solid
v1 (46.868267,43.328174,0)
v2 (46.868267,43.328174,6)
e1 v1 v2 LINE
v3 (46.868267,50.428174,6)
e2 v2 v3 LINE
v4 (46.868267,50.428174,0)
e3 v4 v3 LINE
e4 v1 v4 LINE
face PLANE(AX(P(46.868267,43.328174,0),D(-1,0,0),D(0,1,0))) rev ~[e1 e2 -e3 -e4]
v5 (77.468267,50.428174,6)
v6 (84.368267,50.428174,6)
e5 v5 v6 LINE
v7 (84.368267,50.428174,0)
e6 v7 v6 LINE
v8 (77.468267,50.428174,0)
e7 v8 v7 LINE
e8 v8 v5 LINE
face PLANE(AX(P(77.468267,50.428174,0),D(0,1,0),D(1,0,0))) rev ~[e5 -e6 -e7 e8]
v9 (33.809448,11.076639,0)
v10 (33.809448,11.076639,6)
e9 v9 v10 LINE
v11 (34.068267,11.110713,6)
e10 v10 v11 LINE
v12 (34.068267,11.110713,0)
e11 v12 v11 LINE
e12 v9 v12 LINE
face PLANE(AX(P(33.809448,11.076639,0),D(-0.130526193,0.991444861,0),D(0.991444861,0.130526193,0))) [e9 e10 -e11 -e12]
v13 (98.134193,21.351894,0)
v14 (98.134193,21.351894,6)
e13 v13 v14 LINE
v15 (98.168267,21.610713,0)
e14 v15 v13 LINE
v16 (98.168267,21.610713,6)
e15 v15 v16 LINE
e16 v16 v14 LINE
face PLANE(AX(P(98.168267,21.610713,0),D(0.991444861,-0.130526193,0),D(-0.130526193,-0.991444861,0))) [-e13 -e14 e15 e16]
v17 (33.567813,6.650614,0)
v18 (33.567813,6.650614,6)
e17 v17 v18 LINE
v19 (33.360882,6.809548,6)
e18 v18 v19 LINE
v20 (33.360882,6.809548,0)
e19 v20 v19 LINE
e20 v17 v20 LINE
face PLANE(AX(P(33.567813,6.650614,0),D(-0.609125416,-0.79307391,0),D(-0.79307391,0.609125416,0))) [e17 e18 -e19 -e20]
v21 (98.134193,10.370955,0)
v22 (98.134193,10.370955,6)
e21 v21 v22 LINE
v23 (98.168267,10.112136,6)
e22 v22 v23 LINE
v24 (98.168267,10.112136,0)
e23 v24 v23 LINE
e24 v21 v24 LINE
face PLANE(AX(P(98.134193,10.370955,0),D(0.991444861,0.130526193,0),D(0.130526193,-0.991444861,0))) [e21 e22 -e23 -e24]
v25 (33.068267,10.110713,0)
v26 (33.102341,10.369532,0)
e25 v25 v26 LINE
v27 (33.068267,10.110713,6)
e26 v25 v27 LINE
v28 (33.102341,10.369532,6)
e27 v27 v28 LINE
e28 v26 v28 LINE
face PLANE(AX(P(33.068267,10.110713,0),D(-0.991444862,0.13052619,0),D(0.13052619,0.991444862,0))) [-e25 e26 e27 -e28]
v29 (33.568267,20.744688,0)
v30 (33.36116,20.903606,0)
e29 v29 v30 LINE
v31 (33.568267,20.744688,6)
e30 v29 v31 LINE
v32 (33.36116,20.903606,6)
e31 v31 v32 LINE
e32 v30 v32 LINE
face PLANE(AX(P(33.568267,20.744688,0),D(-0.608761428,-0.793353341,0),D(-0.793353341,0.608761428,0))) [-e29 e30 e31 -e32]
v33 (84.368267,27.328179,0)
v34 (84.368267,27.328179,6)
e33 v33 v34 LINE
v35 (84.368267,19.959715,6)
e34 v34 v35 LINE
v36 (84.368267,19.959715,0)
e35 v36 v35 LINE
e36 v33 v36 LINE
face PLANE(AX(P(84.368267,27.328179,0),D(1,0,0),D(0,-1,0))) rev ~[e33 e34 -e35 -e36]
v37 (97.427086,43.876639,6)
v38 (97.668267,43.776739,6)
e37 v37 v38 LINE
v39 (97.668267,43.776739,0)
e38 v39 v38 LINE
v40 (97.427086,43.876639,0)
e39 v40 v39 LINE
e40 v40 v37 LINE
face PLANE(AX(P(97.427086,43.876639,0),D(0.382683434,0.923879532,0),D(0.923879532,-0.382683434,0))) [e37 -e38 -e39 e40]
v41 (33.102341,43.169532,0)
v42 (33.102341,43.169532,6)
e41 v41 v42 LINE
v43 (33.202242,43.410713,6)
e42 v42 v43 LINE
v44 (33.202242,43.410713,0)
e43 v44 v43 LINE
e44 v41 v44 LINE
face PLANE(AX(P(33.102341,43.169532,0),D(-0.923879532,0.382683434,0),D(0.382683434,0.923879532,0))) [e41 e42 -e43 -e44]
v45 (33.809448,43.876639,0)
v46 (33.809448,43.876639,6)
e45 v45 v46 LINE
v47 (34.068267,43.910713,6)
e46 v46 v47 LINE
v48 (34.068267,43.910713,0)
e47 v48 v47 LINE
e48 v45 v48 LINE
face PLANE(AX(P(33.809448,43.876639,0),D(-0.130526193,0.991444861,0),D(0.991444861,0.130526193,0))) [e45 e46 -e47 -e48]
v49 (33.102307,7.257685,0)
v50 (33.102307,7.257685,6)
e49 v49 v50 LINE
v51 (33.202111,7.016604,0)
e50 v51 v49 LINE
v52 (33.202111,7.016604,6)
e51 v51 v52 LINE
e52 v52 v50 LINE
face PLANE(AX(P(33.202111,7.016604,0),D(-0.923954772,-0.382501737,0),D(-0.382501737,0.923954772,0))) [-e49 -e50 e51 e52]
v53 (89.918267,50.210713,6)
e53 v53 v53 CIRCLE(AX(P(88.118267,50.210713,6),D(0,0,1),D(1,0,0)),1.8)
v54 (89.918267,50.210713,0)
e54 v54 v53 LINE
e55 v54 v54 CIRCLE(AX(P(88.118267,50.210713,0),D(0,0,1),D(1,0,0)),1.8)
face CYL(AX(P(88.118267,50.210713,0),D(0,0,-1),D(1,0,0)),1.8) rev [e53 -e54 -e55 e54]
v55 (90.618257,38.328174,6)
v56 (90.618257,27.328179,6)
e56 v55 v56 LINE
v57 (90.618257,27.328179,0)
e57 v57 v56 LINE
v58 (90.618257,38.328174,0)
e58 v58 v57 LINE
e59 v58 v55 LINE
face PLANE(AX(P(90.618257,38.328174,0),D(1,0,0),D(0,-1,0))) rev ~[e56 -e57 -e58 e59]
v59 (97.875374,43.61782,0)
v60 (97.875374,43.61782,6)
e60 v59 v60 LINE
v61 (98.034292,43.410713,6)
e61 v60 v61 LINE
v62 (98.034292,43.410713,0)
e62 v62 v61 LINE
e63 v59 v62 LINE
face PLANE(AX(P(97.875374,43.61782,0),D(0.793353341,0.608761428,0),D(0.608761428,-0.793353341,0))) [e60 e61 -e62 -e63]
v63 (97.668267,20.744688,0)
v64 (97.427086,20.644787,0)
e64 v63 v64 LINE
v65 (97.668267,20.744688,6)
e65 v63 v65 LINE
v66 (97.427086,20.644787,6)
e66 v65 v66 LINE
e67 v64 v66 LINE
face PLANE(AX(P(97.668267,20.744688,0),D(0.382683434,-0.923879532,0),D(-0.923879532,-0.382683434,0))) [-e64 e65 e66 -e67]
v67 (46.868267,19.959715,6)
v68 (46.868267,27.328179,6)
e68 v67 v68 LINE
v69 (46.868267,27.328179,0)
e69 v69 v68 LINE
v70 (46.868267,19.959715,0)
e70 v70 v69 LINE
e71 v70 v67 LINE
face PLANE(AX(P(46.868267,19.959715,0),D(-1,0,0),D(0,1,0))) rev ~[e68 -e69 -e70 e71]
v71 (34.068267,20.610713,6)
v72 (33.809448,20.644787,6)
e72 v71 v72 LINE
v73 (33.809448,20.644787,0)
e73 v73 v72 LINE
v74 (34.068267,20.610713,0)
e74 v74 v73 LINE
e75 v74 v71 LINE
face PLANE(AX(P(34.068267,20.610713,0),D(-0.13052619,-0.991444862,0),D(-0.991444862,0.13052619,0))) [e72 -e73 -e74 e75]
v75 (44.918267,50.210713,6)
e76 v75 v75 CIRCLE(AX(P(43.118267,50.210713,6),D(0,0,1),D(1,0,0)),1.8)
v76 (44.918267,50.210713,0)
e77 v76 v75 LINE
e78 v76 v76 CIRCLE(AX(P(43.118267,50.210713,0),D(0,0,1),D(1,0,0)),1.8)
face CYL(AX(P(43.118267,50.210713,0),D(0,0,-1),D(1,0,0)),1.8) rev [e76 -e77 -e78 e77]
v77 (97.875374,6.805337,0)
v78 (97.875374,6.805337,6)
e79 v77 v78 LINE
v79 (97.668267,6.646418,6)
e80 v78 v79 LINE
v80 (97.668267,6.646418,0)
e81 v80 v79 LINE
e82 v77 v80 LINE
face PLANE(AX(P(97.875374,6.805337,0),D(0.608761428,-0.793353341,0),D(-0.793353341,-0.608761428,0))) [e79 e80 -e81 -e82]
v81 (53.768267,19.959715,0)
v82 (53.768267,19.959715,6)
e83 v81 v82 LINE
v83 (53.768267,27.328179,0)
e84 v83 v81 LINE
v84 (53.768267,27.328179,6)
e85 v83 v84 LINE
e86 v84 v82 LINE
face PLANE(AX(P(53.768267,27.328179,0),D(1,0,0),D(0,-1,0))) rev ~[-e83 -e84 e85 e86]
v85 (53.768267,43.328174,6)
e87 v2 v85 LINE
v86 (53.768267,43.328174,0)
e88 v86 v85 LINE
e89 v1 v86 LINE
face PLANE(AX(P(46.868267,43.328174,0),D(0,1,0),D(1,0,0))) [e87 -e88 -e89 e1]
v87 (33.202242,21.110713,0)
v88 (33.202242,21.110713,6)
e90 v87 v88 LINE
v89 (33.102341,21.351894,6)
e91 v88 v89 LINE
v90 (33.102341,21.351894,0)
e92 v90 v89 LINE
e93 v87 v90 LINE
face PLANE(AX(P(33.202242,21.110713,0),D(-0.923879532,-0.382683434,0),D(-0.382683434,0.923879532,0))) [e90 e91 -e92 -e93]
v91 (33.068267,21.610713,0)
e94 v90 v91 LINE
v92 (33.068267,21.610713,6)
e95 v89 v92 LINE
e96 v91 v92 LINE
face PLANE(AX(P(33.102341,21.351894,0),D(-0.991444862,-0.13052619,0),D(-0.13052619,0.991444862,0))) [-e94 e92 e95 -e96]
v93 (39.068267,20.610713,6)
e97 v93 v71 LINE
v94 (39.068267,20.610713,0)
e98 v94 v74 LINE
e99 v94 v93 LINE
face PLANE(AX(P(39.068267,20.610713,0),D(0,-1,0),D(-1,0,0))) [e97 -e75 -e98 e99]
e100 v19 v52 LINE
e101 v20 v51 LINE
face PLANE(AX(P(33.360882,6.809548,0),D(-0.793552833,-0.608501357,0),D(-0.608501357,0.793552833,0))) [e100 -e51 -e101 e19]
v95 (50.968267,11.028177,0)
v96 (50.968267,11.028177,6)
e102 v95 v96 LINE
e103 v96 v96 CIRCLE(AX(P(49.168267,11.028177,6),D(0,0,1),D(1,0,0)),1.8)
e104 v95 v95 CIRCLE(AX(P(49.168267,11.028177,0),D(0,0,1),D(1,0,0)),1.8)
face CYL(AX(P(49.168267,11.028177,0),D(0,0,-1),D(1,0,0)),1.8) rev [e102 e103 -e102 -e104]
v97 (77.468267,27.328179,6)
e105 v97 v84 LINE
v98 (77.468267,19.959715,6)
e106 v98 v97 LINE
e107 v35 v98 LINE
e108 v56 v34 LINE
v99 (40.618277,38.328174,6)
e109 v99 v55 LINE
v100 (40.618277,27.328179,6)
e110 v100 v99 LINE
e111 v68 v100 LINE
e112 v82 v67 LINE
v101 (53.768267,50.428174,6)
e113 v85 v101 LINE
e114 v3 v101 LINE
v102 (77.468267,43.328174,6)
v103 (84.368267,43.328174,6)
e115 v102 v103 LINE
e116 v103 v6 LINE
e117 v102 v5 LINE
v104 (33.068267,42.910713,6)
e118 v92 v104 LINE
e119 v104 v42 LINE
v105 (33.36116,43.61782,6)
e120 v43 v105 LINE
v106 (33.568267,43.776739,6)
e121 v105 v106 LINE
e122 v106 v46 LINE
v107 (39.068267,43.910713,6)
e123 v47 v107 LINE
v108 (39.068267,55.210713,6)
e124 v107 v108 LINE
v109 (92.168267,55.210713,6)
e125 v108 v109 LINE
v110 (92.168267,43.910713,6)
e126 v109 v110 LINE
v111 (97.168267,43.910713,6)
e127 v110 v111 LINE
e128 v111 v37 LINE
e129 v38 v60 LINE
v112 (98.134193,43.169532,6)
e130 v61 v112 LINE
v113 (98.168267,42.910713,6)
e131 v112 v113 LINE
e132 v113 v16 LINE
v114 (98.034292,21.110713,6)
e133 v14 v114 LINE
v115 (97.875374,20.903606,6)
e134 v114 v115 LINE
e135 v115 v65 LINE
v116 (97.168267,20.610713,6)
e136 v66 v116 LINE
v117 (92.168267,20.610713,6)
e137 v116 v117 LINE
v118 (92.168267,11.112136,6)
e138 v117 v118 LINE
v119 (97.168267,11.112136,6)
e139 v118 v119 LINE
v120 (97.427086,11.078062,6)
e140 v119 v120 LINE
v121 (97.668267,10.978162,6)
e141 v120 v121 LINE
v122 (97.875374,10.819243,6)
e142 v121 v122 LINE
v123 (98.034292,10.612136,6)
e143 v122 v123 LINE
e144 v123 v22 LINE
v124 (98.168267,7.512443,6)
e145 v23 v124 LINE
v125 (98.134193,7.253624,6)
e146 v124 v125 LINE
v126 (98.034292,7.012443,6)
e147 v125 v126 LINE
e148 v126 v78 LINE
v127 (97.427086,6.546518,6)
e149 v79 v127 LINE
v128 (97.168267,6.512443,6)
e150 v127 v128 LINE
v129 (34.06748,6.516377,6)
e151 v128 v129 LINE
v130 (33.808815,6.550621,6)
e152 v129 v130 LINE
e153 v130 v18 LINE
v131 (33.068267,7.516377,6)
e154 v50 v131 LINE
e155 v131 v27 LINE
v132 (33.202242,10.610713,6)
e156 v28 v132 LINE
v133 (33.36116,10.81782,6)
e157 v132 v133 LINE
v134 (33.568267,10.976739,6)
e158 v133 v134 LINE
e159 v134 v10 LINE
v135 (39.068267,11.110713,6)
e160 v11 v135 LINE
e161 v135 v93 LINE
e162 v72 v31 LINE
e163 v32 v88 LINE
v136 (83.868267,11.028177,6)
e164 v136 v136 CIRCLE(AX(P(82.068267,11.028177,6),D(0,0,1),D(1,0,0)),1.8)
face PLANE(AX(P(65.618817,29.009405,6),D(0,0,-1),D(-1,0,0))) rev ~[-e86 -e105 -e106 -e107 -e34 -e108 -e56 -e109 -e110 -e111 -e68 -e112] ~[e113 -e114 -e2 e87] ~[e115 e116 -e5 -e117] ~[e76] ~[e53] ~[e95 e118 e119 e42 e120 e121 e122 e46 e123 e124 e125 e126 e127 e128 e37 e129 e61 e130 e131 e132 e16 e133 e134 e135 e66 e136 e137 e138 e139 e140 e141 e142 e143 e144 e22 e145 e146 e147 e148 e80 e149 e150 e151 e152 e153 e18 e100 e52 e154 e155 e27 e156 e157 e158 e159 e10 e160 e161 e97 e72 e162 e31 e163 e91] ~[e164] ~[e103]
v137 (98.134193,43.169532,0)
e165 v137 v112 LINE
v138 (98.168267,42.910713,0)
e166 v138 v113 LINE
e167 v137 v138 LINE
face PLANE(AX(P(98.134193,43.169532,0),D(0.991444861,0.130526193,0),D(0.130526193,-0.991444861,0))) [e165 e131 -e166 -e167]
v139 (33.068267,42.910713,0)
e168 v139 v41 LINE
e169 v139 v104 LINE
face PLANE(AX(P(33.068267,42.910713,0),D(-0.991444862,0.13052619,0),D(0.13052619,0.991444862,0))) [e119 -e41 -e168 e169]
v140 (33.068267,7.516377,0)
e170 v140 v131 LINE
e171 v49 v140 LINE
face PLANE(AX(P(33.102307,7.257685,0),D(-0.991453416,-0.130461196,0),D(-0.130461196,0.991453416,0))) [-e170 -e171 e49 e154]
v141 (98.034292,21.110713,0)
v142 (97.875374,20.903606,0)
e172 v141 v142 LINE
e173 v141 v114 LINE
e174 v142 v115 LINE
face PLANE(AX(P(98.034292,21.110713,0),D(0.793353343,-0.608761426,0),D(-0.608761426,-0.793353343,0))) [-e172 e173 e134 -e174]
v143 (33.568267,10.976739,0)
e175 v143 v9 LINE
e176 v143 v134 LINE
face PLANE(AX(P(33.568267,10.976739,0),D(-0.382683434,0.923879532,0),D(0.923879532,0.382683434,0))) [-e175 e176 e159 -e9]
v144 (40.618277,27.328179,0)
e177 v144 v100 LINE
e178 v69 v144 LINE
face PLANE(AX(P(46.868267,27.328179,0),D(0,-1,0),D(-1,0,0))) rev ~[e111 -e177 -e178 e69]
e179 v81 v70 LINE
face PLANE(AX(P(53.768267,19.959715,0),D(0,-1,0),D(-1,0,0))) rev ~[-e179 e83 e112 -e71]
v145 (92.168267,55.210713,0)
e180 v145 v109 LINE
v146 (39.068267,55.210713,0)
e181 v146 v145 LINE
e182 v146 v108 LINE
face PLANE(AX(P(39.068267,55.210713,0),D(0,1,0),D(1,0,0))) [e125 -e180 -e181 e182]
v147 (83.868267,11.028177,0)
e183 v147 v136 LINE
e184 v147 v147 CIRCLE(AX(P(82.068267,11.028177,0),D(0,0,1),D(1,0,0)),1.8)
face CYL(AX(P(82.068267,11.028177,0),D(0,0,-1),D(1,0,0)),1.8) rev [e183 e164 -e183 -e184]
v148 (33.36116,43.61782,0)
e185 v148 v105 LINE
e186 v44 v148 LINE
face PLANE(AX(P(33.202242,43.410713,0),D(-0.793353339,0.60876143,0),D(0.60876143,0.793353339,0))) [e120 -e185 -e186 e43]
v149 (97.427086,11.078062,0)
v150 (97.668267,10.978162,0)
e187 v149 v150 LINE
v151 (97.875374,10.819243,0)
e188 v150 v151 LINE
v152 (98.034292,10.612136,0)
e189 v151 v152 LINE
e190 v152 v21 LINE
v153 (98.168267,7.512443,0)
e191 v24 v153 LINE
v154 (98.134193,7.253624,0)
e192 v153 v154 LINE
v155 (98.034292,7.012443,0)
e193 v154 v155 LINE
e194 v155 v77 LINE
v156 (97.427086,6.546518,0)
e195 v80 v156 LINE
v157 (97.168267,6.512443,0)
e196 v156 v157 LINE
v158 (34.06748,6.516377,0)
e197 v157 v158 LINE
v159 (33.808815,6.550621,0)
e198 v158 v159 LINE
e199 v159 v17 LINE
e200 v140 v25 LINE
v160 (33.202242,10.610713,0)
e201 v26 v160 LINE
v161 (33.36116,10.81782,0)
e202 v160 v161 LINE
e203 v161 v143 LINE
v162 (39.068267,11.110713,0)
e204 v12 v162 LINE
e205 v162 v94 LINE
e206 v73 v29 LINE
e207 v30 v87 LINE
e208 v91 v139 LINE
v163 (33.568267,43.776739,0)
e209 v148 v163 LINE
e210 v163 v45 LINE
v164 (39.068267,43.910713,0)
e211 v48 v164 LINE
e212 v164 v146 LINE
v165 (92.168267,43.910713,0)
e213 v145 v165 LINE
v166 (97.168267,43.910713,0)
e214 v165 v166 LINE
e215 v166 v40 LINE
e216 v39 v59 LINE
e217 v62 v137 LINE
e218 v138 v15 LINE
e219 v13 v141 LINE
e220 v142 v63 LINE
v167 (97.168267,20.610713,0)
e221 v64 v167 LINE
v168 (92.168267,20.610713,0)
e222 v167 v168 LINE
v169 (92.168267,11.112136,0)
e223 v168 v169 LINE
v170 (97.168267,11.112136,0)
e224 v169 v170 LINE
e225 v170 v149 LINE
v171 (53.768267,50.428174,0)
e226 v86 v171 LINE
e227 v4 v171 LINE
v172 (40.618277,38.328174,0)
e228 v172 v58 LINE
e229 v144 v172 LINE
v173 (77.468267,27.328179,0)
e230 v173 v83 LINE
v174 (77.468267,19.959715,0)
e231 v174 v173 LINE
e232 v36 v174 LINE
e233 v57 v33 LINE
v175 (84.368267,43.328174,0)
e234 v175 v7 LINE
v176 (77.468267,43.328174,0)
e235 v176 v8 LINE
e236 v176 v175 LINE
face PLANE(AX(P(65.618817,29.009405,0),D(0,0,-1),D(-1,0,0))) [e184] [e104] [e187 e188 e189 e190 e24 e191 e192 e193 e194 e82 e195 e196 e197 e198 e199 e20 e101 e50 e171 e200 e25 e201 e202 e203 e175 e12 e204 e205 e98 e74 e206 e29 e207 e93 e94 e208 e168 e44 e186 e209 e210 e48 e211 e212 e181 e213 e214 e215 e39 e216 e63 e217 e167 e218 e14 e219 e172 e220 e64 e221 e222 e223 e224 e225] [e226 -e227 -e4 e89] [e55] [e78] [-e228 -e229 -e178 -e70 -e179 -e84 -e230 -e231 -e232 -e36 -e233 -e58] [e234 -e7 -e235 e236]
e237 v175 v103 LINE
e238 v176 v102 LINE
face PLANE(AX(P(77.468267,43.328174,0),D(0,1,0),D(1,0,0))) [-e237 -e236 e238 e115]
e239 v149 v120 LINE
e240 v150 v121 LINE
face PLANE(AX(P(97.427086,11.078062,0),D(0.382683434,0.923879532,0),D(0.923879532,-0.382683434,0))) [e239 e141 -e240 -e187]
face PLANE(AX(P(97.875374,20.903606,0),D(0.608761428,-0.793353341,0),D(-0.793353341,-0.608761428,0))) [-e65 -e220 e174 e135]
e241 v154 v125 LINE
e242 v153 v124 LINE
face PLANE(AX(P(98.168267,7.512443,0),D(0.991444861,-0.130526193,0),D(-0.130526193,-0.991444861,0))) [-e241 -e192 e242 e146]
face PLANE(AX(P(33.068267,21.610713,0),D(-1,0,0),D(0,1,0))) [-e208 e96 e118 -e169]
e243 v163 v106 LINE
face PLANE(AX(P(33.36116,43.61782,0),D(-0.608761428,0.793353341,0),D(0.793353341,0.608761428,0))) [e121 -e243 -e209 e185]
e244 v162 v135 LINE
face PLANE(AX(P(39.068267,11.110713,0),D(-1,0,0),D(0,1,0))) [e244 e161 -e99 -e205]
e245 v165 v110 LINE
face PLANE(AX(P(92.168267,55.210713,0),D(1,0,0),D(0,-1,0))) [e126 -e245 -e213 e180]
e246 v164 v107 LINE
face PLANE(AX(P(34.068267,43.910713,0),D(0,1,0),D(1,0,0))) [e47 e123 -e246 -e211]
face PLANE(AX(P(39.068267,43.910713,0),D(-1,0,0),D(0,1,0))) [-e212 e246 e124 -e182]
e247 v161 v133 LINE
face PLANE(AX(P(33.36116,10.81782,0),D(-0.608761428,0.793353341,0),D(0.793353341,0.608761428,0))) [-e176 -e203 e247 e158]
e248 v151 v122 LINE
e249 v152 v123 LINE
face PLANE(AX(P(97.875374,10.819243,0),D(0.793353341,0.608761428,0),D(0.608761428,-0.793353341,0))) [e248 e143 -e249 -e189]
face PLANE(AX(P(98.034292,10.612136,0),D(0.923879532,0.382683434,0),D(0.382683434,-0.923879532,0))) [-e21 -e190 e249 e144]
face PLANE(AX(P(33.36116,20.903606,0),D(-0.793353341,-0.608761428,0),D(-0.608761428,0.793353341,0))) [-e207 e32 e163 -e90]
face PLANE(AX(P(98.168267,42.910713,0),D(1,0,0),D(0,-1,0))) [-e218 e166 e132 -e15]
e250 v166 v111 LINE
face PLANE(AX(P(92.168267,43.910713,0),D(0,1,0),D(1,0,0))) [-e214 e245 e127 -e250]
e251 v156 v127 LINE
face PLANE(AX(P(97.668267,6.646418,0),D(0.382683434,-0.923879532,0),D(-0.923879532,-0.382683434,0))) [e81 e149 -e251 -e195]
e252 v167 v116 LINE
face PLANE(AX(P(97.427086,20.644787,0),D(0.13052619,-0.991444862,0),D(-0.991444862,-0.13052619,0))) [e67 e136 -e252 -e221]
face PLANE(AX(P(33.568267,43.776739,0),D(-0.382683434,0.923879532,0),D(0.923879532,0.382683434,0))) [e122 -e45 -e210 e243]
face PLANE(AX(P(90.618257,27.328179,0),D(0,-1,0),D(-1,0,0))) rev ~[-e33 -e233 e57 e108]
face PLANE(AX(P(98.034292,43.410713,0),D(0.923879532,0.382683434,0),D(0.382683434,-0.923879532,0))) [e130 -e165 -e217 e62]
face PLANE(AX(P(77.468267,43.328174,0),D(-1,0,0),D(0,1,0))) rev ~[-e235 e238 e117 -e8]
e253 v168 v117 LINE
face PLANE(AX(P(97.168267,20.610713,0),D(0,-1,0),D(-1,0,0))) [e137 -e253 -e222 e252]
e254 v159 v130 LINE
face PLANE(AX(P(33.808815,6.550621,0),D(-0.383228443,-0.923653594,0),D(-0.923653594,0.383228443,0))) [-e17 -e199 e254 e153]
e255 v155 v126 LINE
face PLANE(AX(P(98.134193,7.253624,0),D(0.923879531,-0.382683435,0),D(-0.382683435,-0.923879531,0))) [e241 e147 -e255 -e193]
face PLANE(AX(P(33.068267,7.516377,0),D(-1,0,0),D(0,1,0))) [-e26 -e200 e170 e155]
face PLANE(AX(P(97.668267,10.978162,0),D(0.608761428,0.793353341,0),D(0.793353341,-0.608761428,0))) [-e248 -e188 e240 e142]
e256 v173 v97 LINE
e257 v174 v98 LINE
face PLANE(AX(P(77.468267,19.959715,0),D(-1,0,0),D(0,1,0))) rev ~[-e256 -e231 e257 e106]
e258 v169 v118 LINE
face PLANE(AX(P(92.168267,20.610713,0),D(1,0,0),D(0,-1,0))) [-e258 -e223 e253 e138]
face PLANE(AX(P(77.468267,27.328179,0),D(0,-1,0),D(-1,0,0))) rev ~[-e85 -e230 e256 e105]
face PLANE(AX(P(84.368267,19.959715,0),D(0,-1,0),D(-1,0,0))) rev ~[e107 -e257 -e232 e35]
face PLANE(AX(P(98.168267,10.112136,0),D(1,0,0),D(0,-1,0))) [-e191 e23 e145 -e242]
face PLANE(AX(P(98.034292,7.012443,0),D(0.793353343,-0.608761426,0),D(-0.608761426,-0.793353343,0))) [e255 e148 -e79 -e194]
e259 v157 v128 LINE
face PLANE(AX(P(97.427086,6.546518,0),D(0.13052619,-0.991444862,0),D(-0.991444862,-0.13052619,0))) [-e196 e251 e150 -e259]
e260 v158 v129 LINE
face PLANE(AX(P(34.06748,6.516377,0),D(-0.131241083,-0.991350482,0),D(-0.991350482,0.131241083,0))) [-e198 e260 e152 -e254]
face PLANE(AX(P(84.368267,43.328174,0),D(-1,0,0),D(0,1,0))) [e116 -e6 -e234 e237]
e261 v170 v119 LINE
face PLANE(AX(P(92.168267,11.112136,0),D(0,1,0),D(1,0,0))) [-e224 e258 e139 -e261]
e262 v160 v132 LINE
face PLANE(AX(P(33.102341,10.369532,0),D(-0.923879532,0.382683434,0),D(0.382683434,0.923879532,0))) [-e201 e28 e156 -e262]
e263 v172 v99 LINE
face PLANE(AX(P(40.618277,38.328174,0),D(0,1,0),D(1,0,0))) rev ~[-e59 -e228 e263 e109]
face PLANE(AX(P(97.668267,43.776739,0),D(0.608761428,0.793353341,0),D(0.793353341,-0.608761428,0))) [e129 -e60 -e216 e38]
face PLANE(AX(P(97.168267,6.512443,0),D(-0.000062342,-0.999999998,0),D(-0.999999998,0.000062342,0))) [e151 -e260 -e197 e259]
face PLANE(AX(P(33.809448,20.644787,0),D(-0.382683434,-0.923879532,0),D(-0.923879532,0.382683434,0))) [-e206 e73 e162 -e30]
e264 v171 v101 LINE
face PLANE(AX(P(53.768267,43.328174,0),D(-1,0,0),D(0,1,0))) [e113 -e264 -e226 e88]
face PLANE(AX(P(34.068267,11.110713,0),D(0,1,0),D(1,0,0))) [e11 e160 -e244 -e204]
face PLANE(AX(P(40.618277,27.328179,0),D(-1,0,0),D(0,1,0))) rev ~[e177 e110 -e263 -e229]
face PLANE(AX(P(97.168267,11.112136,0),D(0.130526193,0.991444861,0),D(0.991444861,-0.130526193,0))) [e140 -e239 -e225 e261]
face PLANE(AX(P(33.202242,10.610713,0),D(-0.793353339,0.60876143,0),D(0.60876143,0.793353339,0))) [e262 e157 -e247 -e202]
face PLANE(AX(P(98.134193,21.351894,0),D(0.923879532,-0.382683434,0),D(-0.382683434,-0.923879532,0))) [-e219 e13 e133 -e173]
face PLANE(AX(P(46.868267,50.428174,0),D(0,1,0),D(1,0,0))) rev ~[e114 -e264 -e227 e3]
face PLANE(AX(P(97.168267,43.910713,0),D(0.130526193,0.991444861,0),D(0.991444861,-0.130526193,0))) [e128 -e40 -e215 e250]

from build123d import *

# Parameters (mm, degrees)
MODEL_R                  = 1.8
MODEL_W                  = 6.9
MODEL_H                  = 7.1
RESSALTO_EXTRUS_O1_DEPTH = 6


with BuildPart() as part:
    # Model → Ressalto-extrusão1 (new body)
    with BuildSketch(Plane.XY):
        Polygon((98.034292433, 10.612136161), (98.134192856, 10.370955206), (98.16826703, 10.112136161), (98.16826703, 7.512443376), (98.134192856, 7.25362433), (98.034292433, 7.012443376), (97.875373811, 6.805336594), (97.66826703, 6.646417972), (97.427086075, 6.546517549), (97.16826703, 6.512443376), (34.067480382, 6.516377235), (33.808814837, 6.550620973), (33.567812927, 6.650613857), (33.360882181, 6.809548321), (33.202110548, 7.016604029), (33.102307278, 7.257684523), (33.06826703, 7.516376926), (33.06826703, 10.110713257), (33.102341203, 10.369532302), (33.202241626, 10.610713257), (33.361160249, 10.817820038), (33.56826703, 10.97673866), (33.809447985, 11.076639083), (34.06826703, 11.110713257), (39.06826703, 11.110713257), (39.06826703, 20.610713257), (34.06826703, 20.610713257), (33.809447985, 20.64478743), (33.56826703, 20.744687853), (33.361160249, 20.903606475), (33.202241626, 21.110713257), (33.102341203, 21.351894212), (33.06826703, 21.610713257), (33.06826703, 42.910713257), (33.102341203, 43.169532302), (33.202241626, 43.410713257), (33.361160249, 43.617820038), (33.56826703, 43.77673866), (33.809447985, 43.876639083), (34.06826703, 43.910713257), (39.06826703, 43.910713257), (39.06826703, 55.210713257), (92.16826703, 55.210713257), (92.16826703, 43.910713257), (97.16826703, 43.910713257), (97.427086075, 43.876639083), (97.66826703, 43.77673866), (97.875373811, 43.617820038), (98.034292433, 43.410713257), (98.134192856, 43.169532302), (98.16826703, 42.910713257), (98.16826703, 21.610713257), (98.134192856, 21.351894212), (98.034292433, 21.110713257), (97.875373811, 20.903606475), (97.66826703, 20.744687853), (97.427086075, 20.64478743), (97.16826703, 20.610713257), (92.16826703, 20.610713257), (92.16826703, 11.112136161), (97.16826703, 11.112136161), (97.427086075, 11.078061987), (97.66826703, 10.978161564), (97.875373811, 10.819242942), align=None)
        with Locations((49.16826703, 11.028176846)):
            Circle(MODEL_R, mode=Mode.SUBTRACT)
        with Locations((82.06826703, 11.028176846)):
            Circle(MODEL_R, mode=Mode.SUBTRACT)
        with Locations((88.11826703, 50.210713257)):
            Circle(MODEL_R, mode=Mode.SUBTRACT)
        with Locations((43.11826703, 50.210713257)):
            Circle(MODEL_R, mode=Mode.SUBTRACT)
        with Locations((80.91826703, 46.878174347)):
            Rectangle(MODEL_W, MODEL_H, mode=Mode.SUBTRACT)
        Polygon((53.76826703, 27.328179344), (53.76826703, 19.959715186), (46.86826703, 19.959715186), (46.86826703, 27.328179344), (40.618277181, 27.328179344), (40.618277181, 38.328174347), (90.618256879, 38.328174347), (90.618256879, 27.328179344), (84.36826703, 27.328179344), (84.36826703, 19.959715186), (77.46826703, 19.959715186), (77.46826703, 27.328179344), align=None, mode=Mode.SUBTRACT)
        with Locations((50.31826703, 46.878174347)):
            Rectangle(MODEL_W, MODEL_H, mode=Mode.SUBTRACT)
    extrude(amount=RESSALTO_EXTRUS_O1_DEPTH)


solid = part.part
